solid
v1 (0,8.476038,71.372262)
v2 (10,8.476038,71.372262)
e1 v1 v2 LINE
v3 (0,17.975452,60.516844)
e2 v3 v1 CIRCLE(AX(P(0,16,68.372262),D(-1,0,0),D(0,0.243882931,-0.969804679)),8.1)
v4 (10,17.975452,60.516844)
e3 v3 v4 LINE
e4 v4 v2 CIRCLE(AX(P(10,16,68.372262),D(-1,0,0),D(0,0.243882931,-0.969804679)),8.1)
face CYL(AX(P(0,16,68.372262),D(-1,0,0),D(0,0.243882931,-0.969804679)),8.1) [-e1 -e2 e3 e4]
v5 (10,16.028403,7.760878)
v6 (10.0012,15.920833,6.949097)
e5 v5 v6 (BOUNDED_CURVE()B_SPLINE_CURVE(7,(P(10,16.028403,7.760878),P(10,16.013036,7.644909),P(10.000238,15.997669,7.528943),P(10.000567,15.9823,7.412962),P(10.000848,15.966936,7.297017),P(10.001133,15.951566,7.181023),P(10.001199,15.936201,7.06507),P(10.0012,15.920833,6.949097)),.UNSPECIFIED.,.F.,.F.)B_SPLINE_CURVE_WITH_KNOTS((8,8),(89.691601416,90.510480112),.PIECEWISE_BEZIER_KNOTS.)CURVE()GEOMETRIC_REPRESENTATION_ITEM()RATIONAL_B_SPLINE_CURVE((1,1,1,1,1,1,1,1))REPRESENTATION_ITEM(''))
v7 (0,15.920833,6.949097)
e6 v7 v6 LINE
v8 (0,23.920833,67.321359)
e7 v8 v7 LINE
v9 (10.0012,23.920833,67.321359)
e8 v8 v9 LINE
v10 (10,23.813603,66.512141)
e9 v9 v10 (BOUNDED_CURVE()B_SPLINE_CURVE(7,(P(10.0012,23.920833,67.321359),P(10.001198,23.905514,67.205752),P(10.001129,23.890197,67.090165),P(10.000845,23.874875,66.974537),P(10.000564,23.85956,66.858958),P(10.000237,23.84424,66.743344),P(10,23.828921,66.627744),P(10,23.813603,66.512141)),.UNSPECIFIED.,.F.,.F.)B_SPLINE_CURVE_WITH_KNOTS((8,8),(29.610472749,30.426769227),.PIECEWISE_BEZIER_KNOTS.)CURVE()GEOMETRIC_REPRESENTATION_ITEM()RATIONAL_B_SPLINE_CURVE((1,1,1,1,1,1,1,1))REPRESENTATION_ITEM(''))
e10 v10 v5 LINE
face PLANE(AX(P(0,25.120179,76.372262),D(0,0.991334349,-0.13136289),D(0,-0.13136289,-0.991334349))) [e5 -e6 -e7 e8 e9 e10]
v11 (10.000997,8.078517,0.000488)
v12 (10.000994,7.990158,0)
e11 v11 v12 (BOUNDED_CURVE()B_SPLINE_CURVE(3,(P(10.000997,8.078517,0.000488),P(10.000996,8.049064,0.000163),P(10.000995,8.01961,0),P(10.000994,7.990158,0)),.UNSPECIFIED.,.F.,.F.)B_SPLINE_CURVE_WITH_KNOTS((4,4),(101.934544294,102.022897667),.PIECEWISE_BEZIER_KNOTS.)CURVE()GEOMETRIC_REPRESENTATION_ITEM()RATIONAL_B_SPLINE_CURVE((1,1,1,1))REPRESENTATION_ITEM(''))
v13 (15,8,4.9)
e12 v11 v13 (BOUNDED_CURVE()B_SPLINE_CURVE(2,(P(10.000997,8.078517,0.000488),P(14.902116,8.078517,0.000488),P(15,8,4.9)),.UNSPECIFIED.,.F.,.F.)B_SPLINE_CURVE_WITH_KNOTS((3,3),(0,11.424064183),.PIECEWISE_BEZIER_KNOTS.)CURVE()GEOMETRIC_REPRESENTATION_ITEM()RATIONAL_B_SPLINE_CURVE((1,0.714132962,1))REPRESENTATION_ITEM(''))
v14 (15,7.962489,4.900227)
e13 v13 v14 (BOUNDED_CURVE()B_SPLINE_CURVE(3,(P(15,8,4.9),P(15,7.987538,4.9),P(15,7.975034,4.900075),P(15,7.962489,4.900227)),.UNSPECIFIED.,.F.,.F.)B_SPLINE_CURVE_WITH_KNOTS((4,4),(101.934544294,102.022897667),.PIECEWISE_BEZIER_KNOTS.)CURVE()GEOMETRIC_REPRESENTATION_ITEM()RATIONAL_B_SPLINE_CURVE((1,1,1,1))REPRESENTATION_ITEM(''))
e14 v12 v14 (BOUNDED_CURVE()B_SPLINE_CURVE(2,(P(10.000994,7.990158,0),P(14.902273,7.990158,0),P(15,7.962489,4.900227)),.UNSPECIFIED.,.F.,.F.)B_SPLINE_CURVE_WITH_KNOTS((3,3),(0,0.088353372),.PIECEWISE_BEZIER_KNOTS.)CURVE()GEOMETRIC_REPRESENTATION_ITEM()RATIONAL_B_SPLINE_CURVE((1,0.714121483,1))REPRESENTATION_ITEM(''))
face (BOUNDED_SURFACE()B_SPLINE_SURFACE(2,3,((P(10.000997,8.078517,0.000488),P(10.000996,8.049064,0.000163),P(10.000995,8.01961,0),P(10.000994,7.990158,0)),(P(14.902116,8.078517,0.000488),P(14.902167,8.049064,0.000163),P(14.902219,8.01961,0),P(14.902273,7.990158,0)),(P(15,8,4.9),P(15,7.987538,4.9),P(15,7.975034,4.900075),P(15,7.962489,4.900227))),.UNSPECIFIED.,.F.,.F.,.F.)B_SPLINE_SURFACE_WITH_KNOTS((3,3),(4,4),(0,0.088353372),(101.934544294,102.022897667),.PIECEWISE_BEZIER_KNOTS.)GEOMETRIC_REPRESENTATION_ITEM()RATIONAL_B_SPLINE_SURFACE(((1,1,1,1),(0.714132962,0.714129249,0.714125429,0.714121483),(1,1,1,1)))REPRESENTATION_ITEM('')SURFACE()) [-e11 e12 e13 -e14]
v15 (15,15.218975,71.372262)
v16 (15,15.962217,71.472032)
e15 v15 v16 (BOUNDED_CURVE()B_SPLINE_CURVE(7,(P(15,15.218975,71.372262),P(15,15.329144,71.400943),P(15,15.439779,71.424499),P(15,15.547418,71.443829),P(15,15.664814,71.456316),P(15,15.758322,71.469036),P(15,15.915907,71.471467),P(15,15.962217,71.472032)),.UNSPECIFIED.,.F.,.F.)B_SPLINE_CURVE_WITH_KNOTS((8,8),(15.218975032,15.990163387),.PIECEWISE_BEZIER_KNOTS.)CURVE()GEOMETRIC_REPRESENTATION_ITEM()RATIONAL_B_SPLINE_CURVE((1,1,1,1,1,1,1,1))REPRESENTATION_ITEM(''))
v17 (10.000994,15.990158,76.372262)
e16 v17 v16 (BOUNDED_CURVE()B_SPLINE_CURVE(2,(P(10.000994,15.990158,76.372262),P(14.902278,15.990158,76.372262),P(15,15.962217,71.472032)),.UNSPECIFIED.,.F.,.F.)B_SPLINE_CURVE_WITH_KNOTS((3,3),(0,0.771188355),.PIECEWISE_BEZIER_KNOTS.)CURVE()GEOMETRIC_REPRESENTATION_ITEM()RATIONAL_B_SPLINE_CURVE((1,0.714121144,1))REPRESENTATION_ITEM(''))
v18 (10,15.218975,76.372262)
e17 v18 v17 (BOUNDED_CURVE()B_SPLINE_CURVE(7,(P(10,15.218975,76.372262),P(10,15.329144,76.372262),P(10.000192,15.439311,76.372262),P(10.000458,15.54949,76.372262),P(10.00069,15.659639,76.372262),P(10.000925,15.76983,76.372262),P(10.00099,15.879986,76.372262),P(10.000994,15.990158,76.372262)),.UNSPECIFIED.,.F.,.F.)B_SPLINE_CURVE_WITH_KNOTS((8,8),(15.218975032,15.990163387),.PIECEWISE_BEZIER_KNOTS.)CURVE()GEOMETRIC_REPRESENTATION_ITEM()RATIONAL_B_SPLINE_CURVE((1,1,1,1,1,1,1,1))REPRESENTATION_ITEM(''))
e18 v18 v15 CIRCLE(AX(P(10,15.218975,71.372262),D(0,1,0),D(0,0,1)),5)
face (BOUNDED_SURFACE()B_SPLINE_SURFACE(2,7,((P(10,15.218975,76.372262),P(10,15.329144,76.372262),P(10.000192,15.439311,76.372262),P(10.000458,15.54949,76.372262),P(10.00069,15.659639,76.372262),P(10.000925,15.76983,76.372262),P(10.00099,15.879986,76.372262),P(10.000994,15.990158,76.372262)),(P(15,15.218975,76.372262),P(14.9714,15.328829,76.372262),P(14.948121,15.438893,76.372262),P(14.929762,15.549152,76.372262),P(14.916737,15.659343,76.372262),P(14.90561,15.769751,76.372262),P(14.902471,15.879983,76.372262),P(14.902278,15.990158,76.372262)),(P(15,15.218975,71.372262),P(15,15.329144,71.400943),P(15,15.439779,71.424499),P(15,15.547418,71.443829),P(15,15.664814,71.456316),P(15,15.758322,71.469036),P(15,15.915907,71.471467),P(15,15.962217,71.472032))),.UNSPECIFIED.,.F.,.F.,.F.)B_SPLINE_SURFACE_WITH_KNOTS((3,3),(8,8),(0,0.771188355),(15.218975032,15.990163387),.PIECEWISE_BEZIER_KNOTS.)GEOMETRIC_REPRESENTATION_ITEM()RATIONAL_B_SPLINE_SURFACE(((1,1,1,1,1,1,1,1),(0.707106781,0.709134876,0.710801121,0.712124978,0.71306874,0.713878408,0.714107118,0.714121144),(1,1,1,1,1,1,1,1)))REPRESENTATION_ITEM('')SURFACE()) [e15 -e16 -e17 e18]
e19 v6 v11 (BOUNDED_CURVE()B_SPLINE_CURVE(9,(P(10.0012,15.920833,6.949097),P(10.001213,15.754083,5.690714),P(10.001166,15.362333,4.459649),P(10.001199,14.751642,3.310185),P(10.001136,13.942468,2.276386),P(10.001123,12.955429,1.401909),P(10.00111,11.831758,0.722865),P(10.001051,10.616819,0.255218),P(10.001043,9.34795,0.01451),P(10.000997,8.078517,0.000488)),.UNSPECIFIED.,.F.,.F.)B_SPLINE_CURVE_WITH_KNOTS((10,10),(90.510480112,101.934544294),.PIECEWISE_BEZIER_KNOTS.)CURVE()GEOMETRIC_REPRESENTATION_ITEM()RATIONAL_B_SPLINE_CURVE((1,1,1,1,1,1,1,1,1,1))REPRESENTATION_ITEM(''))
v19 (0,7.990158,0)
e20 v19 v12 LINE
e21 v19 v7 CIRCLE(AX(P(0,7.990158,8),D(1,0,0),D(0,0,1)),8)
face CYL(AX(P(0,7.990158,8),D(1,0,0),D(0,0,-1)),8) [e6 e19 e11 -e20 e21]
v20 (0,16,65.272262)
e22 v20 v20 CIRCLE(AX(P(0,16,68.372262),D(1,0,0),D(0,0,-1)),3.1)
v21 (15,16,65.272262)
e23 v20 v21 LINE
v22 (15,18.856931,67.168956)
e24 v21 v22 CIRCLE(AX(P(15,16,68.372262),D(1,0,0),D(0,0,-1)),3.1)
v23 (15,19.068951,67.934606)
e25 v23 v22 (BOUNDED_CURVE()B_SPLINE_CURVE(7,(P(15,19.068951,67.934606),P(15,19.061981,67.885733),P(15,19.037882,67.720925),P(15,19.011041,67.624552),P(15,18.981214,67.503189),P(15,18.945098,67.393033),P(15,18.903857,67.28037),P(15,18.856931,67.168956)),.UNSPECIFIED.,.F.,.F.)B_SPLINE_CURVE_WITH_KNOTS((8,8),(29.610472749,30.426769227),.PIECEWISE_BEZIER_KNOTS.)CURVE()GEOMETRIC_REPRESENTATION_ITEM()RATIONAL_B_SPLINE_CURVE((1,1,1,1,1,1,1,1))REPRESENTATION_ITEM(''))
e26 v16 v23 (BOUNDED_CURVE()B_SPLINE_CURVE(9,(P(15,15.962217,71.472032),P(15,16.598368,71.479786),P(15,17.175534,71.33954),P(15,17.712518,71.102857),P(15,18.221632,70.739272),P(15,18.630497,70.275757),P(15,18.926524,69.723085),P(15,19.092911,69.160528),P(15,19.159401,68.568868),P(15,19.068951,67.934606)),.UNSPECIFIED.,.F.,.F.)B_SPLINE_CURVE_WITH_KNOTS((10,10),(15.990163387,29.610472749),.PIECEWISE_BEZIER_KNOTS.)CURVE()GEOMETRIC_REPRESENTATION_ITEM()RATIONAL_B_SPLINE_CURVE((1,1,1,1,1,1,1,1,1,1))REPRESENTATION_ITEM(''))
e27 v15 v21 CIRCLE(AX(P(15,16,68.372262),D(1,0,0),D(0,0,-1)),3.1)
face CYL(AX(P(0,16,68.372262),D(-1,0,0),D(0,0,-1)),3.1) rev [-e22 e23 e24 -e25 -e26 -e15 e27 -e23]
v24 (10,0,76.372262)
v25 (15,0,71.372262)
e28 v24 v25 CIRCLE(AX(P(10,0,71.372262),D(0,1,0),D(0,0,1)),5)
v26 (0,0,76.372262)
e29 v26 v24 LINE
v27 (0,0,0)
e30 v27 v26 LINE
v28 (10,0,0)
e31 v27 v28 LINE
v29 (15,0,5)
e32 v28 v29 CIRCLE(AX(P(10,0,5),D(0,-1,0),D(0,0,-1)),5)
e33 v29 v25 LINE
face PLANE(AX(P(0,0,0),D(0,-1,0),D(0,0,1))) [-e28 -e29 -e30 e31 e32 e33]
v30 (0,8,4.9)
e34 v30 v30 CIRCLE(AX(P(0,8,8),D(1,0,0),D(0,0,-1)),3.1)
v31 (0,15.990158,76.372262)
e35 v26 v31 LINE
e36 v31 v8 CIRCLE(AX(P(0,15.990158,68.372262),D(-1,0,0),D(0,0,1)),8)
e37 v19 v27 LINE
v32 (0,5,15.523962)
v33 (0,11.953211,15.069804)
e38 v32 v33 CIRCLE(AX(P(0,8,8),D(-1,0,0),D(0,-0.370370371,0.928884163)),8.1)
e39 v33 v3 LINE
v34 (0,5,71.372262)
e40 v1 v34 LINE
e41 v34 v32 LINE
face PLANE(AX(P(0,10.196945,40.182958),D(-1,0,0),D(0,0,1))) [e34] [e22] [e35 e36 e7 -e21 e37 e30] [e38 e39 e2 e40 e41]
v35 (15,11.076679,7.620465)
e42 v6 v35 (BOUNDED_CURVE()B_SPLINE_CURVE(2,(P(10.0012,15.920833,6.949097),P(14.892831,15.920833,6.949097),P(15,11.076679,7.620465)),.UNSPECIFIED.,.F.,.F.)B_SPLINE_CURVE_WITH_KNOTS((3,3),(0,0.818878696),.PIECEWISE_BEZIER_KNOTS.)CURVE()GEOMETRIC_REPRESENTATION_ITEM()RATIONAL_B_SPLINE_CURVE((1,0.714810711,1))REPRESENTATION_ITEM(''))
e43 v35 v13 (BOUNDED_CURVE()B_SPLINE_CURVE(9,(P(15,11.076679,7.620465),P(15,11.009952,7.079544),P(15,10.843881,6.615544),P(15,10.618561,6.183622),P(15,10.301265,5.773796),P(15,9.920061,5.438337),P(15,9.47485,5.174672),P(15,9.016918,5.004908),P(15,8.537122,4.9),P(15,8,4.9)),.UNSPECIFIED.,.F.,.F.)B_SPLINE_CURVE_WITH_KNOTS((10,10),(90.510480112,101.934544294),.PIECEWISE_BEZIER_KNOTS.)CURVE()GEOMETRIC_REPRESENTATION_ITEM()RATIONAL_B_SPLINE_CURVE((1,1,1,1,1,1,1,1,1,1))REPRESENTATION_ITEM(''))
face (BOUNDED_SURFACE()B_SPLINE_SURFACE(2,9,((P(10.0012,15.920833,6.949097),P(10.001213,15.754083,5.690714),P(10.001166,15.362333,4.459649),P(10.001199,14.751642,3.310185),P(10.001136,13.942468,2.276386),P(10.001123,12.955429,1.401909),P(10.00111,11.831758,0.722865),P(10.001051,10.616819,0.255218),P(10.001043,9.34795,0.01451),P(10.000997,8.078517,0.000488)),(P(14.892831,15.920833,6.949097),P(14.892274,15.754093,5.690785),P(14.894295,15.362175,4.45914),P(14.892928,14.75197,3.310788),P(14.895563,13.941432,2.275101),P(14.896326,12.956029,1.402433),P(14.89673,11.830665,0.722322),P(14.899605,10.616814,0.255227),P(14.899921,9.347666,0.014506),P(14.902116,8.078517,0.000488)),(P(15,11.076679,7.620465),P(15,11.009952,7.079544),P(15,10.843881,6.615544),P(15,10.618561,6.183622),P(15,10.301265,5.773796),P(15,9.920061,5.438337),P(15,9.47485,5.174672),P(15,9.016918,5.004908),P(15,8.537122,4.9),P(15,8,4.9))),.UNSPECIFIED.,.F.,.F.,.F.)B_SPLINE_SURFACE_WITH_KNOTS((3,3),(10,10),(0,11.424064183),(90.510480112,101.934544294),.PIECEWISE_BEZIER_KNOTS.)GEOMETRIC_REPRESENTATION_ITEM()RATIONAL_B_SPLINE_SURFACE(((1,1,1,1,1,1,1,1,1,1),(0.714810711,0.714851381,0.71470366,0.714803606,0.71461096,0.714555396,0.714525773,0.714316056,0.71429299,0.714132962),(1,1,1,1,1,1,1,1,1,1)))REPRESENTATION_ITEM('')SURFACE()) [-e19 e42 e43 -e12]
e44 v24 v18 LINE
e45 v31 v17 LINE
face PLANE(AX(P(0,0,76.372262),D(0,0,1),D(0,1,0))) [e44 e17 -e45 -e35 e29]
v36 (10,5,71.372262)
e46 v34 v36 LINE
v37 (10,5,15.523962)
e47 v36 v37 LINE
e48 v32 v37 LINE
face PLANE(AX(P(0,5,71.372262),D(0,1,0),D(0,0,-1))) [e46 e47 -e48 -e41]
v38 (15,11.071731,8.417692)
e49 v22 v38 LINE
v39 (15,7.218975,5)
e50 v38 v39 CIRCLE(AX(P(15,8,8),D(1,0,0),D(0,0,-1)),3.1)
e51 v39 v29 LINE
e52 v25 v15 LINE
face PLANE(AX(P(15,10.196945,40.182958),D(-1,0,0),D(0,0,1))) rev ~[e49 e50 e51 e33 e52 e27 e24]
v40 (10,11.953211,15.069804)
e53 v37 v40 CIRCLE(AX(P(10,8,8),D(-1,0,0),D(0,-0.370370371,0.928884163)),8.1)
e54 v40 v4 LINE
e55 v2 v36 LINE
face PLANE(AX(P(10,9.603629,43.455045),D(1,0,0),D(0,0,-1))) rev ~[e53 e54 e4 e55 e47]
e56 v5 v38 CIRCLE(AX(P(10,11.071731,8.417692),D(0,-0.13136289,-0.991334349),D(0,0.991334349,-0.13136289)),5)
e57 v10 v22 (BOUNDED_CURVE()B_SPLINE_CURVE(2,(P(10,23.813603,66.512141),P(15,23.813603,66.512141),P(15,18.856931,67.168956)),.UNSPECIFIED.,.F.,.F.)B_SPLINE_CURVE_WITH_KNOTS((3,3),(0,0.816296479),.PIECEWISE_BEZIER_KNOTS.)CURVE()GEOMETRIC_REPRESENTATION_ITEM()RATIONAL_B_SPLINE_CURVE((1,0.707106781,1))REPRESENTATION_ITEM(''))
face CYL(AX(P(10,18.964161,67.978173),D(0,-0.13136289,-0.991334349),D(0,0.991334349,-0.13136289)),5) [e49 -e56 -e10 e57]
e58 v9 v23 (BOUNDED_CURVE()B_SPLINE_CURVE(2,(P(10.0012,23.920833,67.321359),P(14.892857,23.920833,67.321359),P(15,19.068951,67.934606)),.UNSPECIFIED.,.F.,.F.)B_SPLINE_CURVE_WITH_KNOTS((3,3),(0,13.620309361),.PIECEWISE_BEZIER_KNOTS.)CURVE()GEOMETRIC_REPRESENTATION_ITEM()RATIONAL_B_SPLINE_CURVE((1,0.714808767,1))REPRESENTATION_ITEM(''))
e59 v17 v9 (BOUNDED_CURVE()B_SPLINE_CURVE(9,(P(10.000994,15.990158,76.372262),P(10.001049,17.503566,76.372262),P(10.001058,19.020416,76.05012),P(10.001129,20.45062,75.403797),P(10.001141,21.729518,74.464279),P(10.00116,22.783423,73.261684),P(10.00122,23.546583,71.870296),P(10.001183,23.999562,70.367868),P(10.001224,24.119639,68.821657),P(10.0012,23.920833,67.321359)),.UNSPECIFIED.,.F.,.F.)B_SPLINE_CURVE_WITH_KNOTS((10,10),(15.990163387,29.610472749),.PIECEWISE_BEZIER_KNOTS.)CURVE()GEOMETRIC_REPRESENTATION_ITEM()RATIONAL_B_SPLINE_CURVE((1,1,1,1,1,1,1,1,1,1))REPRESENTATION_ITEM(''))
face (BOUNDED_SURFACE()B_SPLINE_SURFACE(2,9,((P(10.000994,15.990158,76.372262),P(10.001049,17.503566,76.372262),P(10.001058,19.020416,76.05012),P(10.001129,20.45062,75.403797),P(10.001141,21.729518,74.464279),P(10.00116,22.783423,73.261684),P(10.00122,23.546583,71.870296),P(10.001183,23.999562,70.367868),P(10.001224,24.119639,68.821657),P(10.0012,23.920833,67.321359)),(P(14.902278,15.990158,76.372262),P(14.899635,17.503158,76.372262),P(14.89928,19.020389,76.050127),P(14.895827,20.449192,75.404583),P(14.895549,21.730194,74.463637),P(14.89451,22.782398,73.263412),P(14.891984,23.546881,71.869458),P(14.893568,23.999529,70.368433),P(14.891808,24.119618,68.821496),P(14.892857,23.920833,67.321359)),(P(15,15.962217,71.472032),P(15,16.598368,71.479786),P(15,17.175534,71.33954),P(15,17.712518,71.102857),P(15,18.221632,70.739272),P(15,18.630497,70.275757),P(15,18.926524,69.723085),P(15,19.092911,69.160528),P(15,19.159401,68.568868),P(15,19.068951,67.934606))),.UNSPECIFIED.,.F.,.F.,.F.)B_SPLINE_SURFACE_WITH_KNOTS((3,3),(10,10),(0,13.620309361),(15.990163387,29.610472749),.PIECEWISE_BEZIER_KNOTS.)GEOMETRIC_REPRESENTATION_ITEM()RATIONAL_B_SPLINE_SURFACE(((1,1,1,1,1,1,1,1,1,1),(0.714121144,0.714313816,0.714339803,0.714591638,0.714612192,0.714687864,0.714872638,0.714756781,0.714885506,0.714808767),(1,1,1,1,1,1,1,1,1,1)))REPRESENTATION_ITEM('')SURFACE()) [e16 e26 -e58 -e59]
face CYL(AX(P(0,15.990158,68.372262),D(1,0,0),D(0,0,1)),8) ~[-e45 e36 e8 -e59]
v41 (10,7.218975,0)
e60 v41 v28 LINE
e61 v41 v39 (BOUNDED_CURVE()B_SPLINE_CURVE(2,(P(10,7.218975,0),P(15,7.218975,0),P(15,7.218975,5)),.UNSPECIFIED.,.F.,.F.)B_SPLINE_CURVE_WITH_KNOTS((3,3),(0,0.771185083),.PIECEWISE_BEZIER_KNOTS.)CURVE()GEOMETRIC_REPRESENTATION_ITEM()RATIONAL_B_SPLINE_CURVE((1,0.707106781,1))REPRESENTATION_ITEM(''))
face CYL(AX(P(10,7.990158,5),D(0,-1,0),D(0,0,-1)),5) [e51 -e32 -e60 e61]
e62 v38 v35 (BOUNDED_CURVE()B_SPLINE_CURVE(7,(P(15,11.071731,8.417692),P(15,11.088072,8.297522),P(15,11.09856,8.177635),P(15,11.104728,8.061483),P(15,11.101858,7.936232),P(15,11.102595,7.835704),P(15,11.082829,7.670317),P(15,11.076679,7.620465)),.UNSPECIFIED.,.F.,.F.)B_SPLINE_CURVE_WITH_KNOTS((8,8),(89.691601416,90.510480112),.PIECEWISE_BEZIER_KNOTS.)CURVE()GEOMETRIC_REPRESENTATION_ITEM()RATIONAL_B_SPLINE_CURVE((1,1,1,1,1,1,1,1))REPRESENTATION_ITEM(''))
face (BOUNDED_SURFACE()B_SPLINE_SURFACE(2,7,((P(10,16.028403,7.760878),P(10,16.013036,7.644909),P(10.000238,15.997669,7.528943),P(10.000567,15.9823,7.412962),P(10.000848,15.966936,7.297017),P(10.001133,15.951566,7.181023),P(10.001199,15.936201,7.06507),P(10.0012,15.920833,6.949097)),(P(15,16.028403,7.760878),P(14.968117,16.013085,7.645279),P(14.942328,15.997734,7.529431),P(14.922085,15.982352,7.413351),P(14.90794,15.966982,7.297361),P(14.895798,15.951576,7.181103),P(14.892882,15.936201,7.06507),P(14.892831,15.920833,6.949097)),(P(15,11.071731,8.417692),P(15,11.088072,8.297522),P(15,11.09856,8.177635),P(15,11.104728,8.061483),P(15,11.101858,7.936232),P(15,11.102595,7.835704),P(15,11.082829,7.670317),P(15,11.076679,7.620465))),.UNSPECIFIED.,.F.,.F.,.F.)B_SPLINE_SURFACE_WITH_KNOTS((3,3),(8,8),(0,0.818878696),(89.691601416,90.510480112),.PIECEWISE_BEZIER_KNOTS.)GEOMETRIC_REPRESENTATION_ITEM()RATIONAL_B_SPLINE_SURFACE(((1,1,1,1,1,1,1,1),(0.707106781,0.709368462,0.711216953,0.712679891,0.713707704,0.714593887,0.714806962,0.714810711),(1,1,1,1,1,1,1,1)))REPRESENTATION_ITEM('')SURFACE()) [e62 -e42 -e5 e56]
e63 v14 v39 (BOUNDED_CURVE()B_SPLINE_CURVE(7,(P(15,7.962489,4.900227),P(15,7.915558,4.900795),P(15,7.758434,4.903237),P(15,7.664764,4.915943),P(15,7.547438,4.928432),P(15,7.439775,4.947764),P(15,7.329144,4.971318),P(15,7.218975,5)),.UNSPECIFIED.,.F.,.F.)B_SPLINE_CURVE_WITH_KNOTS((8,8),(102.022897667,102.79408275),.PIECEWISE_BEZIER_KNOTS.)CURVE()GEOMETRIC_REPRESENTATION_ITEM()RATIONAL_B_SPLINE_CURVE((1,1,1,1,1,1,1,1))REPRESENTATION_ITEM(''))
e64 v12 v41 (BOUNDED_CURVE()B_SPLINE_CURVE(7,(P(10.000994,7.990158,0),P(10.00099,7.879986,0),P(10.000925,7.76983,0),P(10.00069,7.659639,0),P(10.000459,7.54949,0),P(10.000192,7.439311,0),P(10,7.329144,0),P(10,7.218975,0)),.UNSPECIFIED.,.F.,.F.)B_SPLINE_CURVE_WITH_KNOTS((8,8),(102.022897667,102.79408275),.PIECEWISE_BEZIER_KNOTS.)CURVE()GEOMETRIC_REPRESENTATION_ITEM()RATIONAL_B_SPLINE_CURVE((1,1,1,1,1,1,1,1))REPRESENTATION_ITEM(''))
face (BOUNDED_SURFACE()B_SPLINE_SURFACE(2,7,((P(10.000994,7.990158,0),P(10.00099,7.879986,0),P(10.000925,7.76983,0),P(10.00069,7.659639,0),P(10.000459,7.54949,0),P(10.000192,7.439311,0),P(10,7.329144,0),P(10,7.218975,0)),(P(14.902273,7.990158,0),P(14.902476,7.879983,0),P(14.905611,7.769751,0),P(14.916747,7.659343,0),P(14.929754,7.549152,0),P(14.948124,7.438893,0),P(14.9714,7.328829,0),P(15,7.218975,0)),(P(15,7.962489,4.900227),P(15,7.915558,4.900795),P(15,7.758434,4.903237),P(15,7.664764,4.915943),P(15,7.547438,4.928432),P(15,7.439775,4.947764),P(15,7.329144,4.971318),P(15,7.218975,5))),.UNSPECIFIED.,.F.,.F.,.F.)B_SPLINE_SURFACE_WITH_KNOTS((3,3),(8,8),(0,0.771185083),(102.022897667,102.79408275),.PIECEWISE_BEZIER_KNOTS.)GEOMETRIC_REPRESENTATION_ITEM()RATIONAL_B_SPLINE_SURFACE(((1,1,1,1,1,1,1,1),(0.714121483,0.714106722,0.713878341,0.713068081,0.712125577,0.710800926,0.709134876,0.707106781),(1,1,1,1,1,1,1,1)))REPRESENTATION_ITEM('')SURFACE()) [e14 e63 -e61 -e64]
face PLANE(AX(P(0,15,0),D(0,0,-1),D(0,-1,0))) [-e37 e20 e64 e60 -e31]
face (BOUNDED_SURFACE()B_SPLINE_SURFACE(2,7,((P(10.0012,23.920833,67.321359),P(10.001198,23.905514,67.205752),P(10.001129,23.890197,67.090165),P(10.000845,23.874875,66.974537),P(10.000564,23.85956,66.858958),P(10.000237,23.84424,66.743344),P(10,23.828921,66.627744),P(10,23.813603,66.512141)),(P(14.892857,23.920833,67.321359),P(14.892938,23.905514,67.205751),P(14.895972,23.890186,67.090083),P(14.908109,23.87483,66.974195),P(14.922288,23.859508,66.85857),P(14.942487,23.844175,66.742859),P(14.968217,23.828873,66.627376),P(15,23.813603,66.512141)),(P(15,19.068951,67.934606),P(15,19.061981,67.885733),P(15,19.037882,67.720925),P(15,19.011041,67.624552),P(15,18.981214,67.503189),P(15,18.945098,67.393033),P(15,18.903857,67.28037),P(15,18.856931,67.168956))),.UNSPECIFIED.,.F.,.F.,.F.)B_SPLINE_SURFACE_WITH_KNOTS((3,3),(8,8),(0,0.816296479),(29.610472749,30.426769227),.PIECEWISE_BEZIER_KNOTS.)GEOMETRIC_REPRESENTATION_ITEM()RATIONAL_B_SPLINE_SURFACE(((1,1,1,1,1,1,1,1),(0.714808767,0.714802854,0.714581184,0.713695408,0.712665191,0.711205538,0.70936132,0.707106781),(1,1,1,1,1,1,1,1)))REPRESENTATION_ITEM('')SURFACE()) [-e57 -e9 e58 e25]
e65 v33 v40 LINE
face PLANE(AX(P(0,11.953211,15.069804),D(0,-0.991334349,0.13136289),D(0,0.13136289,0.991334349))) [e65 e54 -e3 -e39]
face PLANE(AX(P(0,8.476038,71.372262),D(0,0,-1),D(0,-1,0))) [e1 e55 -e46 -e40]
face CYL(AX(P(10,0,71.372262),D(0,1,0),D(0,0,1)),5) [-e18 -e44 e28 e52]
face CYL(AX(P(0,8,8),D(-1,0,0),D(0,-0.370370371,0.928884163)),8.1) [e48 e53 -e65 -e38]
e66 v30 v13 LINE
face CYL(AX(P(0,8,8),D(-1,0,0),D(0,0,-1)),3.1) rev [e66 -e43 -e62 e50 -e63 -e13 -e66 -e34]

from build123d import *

# Parameters (mm, degrees)
ESQUISSE1_R             = 3.1
BOSS_EXTRU_1_DEPTH      = 15
CONG_1_R                = 8
CONG_2_R                = 5
ENL_V_MAT_EXTRU_1_DEPTH = 10


with BuildPart() as part:
    # Esquisse1 → Boss.-Extru.1 (new body)
    with BuildSketch(Plane(origin=(0, 0, 0), x_dir=(0, 0, -1), z_dir=(1, 0, 0))):
        Polygon((0, 0), (-76.372261843, 0), (-76.372261843, 25.120178971), (0, 15), align=None)
        with Locations((-68.372261843, 16)):
            Circle(ESQUISSE1_R, mode=Mode.SUBTRACT)
        with Locations((-8, 8)):
            Circle(ESQUISSE1_R, mode=Mode.SUBTRACT)
    extrude(amount=BOSS_EXTRU_1_DEPTH)

    # Congé1
    cong_1_edges = [part.edges().sort_by_distance(p)[0] for p in [
        (7.5, 25.120178971, 76.372261843),
        (7.5, 15, 0),
    ]]
    fillet(cong_1_edges, radius=CONG_1_R)

    # Congé2
    cong_2_edges = [part.edges().sort_by_distance(p)[0] for p in [
        (15, 3.995079138, 0),
        (15, 7.995079138, 76.372261843),
        (15, 19.920833067, 37.135227801),
    ]]
    fillet(cong_2_edges, radius=CONG_2_R)

    # Esquisse2 → Enlèv. mat.-Extru.1 (cut)
    with BuildSketch(Plane.ZY):
        with BuildLine():
            ThreePointArc((60.51684394, 17.97545174), (63.038081045, 9.904385575), (71.372261843, 8.476038278))
            Line((71.372261843, 8.476038278), (71.372261843, 5))
            Line((71.372261843, 5), (15.523961722, 5))
            ThreePointArc((15.523961722, 5), (16.082776909, 8.52793697), (15.069803831, 11.953210568))
            Line((15.069803831, 11.953210568), (60.51684394, 17.97545174))
        make_face()
    extrude(amount=-ENL_V_MAT_EXTRU_1_DEPTH, mode=Mode.SUBTRACT)


solid = part.part
